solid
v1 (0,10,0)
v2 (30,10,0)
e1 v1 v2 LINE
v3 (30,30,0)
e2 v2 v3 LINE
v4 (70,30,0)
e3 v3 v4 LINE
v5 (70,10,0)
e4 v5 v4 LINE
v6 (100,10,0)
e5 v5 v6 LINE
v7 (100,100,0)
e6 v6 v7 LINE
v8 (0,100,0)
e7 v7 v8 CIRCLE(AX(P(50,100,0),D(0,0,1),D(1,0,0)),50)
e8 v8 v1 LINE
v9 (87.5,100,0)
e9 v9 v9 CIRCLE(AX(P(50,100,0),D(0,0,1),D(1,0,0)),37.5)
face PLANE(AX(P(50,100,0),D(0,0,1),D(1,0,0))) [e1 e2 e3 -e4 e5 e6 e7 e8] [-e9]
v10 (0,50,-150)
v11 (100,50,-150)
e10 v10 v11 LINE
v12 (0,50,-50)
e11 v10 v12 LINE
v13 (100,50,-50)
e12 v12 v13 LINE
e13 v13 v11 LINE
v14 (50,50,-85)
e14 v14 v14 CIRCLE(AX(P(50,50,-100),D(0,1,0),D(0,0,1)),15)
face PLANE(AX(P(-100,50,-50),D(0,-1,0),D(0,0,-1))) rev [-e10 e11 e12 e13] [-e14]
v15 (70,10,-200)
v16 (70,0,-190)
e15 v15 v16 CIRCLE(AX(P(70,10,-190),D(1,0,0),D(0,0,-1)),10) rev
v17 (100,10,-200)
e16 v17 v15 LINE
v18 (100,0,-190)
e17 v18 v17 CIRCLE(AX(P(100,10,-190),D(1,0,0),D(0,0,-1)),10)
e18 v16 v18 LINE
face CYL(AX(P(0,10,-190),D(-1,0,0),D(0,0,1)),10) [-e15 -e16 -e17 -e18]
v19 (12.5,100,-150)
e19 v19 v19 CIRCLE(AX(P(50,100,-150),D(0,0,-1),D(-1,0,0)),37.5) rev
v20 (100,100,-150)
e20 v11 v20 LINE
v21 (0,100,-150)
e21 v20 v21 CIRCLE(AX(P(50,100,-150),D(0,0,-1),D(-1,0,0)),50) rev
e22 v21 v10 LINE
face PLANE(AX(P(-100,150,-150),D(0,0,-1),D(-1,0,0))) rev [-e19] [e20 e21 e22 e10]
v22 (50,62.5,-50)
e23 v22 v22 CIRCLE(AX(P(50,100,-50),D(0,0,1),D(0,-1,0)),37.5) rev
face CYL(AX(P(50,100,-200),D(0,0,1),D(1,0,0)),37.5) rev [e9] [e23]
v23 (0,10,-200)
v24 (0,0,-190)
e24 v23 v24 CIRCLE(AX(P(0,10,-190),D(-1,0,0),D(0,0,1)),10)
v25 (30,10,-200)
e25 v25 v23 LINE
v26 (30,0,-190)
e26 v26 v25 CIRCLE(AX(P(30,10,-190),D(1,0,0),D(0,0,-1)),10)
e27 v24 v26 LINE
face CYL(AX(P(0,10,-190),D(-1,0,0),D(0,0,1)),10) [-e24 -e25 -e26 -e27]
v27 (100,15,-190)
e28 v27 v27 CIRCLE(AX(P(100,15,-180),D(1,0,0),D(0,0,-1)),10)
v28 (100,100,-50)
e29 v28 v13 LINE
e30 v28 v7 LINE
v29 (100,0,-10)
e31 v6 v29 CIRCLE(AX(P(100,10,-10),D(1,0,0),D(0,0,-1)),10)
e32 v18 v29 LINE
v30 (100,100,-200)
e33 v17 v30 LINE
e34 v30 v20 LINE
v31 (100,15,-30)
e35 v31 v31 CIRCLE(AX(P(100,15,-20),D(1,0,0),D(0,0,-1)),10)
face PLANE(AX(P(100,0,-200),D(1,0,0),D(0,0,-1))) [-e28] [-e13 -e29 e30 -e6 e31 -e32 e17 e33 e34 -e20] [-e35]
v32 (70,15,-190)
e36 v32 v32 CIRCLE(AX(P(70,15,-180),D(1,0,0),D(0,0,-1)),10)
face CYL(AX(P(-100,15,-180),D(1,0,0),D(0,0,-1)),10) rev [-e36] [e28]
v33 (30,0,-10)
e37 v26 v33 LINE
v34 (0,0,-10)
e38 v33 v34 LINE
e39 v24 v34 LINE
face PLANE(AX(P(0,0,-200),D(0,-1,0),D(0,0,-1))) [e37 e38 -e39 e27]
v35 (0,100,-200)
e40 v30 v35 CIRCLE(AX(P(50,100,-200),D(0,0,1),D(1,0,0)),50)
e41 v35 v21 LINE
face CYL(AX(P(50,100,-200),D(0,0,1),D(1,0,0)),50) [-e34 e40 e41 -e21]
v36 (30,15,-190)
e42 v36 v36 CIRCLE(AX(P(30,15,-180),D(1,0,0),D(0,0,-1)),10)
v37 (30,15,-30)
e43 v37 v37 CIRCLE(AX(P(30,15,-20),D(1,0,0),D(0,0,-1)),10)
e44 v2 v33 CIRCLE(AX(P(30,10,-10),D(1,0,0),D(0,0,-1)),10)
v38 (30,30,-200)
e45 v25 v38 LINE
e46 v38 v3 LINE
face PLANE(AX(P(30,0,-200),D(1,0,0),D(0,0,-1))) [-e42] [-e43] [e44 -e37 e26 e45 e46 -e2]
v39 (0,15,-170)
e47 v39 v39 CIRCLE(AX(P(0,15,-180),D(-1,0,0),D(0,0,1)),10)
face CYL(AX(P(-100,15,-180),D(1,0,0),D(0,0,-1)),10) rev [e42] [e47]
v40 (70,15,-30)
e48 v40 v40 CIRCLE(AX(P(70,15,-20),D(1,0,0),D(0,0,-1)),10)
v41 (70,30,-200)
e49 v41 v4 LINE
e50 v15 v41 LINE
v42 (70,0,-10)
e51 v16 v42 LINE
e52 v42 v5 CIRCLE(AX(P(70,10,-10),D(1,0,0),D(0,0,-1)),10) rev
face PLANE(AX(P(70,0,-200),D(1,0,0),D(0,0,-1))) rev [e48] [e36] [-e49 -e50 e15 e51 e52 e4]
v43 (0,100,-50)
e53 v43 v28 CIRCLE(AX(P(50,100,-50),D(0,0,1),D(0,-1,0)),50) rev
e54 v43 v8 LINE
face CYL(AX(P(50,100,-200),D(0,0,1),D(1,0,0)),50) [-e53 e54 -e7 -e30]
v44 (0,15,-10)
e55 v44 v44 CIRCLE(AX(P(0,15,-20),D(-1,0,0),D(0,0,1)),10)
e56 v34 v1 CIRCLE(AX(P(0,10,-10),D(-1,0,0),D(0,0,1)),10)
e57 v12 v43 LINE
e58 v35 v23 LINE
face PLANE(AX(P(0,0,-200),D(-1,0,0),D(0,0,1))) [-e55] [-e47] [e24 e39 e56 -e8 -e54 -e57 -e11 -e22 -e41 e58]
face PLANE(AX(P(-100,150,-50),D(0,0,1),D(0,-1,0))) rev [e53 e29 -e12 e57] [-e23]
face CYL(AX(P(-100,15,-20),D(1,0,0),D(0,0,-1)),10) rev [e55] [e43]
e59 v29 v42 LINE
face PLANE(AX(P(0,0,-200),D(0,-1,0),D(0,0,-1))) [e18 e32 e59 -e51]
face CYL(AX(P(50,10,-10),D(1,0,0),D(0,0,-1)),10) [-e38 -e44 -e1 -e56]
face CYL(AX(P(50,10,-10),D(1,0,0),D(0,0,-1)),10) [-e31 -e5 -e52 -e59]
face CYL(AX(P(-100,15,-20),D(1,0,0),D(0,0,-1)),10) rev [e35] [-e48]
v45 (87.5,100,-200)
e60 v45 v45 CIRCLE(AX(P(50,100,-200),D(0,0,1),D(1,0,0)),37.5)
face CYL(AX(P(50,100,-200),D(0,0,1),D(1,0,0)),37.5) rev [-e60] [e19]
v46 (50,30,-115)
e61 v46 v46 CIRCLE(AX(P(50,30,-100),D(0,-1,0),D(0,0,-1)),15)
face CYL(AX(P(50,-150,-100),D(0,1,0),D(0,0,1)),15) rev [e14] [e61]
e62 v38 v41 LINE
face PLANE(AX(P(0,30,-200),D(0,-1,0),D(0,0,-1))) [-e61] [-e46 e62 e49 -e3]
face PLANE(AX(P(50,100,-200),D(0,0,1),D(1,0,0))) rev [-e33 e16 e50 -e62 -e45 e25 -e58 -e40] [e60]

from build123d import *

# Parameters (mm, degrees)
BOSS_EXTRUDE1_DEPTH = 200
SKETCH2_R           = 37.5
SKETCH2_W           = 40
SKETCH2_H           = 30
CUT_EXTRUDE1_DEPTH  = 200
SKETCH3_R           = 10
SKETCH3_W           = 100
SKETCH3_H           = 100
CUT_EXTRUDE2_DEPTH  = 200
SKETCH4_R           = 15
CUT_EXTRUDE3_DEPTH  = 200
FILLET1_R           = 10


with BuildPart() as part:
    # Sketch1 → Boss-Extrude1 (new body)
    with BuildSketch(Plane.XY):
        with BuildLine():
            Line((0, 0), (100, 0))
            Line((100, 0), (100, 100))
            ThreePointArc((100, 100), (50, 150), (0, 100))
            Line((0, 100), (0, 0))
        make_face()
    extrude(amount=-BOSS_EXTRUDE1_DEPTH)

    # Sketch2 → Cut-Extrude1 (cut)
    with BuildSketch(Plane.XY):
        with Locations((50, 100)):
            Circle(SKETCH2_R)
        with Locations((50, 15)):
            Rectangle(SKETCH2_W, SKETCH2_H)
    extrude(amount=-CUT_EXTRUDE1_DEPTH, mode=Mode.SUBTRACT)

    # Sketch3 → Cut-Extrude2 (cut)
    with BuildSketch(Plane(origin=(100, 0, 0), x_dir=(0, 0, -1), z_dir=(1, 0, 0))):
        with Locations((20, 15)):
            Circle(SKETCH3_R)
        with Locations((180, 15)):
            Circle(SKETCH3_R)
        with Locations((100, 100)):
            Rectangle(SKETCH3_W, SKETCH3_H)
    extrude(amount=-CUT_EXTRUDE2_DEPTH, mode=Mode.SUBTRACT)

    # Sketch4 → Cut-Extrude3 (cut)
    with BuildSketch(Plane(origin=(0, 50, 0), x_dir=(1, 0, 0), z_dir=(0, 1, 0))):
        with Locations((50, 100)):
            Circle(SKETCH4_R)
    extrude(amount=-CUT_EXTRUDE3_DEPTH, mode=Mode.SUBTRACT)

    # Fillet1
    fillet1_edges = [part.edges().sort_by_distance(p)[0] for p in [
        (85, 0, 0),
        (85, 0, -200),
        (15, 0, 0),
        (15, 0, -200),
    ]]
    fillet(fillet1_edges, radius=FILLET1_R)


solid = part.part
